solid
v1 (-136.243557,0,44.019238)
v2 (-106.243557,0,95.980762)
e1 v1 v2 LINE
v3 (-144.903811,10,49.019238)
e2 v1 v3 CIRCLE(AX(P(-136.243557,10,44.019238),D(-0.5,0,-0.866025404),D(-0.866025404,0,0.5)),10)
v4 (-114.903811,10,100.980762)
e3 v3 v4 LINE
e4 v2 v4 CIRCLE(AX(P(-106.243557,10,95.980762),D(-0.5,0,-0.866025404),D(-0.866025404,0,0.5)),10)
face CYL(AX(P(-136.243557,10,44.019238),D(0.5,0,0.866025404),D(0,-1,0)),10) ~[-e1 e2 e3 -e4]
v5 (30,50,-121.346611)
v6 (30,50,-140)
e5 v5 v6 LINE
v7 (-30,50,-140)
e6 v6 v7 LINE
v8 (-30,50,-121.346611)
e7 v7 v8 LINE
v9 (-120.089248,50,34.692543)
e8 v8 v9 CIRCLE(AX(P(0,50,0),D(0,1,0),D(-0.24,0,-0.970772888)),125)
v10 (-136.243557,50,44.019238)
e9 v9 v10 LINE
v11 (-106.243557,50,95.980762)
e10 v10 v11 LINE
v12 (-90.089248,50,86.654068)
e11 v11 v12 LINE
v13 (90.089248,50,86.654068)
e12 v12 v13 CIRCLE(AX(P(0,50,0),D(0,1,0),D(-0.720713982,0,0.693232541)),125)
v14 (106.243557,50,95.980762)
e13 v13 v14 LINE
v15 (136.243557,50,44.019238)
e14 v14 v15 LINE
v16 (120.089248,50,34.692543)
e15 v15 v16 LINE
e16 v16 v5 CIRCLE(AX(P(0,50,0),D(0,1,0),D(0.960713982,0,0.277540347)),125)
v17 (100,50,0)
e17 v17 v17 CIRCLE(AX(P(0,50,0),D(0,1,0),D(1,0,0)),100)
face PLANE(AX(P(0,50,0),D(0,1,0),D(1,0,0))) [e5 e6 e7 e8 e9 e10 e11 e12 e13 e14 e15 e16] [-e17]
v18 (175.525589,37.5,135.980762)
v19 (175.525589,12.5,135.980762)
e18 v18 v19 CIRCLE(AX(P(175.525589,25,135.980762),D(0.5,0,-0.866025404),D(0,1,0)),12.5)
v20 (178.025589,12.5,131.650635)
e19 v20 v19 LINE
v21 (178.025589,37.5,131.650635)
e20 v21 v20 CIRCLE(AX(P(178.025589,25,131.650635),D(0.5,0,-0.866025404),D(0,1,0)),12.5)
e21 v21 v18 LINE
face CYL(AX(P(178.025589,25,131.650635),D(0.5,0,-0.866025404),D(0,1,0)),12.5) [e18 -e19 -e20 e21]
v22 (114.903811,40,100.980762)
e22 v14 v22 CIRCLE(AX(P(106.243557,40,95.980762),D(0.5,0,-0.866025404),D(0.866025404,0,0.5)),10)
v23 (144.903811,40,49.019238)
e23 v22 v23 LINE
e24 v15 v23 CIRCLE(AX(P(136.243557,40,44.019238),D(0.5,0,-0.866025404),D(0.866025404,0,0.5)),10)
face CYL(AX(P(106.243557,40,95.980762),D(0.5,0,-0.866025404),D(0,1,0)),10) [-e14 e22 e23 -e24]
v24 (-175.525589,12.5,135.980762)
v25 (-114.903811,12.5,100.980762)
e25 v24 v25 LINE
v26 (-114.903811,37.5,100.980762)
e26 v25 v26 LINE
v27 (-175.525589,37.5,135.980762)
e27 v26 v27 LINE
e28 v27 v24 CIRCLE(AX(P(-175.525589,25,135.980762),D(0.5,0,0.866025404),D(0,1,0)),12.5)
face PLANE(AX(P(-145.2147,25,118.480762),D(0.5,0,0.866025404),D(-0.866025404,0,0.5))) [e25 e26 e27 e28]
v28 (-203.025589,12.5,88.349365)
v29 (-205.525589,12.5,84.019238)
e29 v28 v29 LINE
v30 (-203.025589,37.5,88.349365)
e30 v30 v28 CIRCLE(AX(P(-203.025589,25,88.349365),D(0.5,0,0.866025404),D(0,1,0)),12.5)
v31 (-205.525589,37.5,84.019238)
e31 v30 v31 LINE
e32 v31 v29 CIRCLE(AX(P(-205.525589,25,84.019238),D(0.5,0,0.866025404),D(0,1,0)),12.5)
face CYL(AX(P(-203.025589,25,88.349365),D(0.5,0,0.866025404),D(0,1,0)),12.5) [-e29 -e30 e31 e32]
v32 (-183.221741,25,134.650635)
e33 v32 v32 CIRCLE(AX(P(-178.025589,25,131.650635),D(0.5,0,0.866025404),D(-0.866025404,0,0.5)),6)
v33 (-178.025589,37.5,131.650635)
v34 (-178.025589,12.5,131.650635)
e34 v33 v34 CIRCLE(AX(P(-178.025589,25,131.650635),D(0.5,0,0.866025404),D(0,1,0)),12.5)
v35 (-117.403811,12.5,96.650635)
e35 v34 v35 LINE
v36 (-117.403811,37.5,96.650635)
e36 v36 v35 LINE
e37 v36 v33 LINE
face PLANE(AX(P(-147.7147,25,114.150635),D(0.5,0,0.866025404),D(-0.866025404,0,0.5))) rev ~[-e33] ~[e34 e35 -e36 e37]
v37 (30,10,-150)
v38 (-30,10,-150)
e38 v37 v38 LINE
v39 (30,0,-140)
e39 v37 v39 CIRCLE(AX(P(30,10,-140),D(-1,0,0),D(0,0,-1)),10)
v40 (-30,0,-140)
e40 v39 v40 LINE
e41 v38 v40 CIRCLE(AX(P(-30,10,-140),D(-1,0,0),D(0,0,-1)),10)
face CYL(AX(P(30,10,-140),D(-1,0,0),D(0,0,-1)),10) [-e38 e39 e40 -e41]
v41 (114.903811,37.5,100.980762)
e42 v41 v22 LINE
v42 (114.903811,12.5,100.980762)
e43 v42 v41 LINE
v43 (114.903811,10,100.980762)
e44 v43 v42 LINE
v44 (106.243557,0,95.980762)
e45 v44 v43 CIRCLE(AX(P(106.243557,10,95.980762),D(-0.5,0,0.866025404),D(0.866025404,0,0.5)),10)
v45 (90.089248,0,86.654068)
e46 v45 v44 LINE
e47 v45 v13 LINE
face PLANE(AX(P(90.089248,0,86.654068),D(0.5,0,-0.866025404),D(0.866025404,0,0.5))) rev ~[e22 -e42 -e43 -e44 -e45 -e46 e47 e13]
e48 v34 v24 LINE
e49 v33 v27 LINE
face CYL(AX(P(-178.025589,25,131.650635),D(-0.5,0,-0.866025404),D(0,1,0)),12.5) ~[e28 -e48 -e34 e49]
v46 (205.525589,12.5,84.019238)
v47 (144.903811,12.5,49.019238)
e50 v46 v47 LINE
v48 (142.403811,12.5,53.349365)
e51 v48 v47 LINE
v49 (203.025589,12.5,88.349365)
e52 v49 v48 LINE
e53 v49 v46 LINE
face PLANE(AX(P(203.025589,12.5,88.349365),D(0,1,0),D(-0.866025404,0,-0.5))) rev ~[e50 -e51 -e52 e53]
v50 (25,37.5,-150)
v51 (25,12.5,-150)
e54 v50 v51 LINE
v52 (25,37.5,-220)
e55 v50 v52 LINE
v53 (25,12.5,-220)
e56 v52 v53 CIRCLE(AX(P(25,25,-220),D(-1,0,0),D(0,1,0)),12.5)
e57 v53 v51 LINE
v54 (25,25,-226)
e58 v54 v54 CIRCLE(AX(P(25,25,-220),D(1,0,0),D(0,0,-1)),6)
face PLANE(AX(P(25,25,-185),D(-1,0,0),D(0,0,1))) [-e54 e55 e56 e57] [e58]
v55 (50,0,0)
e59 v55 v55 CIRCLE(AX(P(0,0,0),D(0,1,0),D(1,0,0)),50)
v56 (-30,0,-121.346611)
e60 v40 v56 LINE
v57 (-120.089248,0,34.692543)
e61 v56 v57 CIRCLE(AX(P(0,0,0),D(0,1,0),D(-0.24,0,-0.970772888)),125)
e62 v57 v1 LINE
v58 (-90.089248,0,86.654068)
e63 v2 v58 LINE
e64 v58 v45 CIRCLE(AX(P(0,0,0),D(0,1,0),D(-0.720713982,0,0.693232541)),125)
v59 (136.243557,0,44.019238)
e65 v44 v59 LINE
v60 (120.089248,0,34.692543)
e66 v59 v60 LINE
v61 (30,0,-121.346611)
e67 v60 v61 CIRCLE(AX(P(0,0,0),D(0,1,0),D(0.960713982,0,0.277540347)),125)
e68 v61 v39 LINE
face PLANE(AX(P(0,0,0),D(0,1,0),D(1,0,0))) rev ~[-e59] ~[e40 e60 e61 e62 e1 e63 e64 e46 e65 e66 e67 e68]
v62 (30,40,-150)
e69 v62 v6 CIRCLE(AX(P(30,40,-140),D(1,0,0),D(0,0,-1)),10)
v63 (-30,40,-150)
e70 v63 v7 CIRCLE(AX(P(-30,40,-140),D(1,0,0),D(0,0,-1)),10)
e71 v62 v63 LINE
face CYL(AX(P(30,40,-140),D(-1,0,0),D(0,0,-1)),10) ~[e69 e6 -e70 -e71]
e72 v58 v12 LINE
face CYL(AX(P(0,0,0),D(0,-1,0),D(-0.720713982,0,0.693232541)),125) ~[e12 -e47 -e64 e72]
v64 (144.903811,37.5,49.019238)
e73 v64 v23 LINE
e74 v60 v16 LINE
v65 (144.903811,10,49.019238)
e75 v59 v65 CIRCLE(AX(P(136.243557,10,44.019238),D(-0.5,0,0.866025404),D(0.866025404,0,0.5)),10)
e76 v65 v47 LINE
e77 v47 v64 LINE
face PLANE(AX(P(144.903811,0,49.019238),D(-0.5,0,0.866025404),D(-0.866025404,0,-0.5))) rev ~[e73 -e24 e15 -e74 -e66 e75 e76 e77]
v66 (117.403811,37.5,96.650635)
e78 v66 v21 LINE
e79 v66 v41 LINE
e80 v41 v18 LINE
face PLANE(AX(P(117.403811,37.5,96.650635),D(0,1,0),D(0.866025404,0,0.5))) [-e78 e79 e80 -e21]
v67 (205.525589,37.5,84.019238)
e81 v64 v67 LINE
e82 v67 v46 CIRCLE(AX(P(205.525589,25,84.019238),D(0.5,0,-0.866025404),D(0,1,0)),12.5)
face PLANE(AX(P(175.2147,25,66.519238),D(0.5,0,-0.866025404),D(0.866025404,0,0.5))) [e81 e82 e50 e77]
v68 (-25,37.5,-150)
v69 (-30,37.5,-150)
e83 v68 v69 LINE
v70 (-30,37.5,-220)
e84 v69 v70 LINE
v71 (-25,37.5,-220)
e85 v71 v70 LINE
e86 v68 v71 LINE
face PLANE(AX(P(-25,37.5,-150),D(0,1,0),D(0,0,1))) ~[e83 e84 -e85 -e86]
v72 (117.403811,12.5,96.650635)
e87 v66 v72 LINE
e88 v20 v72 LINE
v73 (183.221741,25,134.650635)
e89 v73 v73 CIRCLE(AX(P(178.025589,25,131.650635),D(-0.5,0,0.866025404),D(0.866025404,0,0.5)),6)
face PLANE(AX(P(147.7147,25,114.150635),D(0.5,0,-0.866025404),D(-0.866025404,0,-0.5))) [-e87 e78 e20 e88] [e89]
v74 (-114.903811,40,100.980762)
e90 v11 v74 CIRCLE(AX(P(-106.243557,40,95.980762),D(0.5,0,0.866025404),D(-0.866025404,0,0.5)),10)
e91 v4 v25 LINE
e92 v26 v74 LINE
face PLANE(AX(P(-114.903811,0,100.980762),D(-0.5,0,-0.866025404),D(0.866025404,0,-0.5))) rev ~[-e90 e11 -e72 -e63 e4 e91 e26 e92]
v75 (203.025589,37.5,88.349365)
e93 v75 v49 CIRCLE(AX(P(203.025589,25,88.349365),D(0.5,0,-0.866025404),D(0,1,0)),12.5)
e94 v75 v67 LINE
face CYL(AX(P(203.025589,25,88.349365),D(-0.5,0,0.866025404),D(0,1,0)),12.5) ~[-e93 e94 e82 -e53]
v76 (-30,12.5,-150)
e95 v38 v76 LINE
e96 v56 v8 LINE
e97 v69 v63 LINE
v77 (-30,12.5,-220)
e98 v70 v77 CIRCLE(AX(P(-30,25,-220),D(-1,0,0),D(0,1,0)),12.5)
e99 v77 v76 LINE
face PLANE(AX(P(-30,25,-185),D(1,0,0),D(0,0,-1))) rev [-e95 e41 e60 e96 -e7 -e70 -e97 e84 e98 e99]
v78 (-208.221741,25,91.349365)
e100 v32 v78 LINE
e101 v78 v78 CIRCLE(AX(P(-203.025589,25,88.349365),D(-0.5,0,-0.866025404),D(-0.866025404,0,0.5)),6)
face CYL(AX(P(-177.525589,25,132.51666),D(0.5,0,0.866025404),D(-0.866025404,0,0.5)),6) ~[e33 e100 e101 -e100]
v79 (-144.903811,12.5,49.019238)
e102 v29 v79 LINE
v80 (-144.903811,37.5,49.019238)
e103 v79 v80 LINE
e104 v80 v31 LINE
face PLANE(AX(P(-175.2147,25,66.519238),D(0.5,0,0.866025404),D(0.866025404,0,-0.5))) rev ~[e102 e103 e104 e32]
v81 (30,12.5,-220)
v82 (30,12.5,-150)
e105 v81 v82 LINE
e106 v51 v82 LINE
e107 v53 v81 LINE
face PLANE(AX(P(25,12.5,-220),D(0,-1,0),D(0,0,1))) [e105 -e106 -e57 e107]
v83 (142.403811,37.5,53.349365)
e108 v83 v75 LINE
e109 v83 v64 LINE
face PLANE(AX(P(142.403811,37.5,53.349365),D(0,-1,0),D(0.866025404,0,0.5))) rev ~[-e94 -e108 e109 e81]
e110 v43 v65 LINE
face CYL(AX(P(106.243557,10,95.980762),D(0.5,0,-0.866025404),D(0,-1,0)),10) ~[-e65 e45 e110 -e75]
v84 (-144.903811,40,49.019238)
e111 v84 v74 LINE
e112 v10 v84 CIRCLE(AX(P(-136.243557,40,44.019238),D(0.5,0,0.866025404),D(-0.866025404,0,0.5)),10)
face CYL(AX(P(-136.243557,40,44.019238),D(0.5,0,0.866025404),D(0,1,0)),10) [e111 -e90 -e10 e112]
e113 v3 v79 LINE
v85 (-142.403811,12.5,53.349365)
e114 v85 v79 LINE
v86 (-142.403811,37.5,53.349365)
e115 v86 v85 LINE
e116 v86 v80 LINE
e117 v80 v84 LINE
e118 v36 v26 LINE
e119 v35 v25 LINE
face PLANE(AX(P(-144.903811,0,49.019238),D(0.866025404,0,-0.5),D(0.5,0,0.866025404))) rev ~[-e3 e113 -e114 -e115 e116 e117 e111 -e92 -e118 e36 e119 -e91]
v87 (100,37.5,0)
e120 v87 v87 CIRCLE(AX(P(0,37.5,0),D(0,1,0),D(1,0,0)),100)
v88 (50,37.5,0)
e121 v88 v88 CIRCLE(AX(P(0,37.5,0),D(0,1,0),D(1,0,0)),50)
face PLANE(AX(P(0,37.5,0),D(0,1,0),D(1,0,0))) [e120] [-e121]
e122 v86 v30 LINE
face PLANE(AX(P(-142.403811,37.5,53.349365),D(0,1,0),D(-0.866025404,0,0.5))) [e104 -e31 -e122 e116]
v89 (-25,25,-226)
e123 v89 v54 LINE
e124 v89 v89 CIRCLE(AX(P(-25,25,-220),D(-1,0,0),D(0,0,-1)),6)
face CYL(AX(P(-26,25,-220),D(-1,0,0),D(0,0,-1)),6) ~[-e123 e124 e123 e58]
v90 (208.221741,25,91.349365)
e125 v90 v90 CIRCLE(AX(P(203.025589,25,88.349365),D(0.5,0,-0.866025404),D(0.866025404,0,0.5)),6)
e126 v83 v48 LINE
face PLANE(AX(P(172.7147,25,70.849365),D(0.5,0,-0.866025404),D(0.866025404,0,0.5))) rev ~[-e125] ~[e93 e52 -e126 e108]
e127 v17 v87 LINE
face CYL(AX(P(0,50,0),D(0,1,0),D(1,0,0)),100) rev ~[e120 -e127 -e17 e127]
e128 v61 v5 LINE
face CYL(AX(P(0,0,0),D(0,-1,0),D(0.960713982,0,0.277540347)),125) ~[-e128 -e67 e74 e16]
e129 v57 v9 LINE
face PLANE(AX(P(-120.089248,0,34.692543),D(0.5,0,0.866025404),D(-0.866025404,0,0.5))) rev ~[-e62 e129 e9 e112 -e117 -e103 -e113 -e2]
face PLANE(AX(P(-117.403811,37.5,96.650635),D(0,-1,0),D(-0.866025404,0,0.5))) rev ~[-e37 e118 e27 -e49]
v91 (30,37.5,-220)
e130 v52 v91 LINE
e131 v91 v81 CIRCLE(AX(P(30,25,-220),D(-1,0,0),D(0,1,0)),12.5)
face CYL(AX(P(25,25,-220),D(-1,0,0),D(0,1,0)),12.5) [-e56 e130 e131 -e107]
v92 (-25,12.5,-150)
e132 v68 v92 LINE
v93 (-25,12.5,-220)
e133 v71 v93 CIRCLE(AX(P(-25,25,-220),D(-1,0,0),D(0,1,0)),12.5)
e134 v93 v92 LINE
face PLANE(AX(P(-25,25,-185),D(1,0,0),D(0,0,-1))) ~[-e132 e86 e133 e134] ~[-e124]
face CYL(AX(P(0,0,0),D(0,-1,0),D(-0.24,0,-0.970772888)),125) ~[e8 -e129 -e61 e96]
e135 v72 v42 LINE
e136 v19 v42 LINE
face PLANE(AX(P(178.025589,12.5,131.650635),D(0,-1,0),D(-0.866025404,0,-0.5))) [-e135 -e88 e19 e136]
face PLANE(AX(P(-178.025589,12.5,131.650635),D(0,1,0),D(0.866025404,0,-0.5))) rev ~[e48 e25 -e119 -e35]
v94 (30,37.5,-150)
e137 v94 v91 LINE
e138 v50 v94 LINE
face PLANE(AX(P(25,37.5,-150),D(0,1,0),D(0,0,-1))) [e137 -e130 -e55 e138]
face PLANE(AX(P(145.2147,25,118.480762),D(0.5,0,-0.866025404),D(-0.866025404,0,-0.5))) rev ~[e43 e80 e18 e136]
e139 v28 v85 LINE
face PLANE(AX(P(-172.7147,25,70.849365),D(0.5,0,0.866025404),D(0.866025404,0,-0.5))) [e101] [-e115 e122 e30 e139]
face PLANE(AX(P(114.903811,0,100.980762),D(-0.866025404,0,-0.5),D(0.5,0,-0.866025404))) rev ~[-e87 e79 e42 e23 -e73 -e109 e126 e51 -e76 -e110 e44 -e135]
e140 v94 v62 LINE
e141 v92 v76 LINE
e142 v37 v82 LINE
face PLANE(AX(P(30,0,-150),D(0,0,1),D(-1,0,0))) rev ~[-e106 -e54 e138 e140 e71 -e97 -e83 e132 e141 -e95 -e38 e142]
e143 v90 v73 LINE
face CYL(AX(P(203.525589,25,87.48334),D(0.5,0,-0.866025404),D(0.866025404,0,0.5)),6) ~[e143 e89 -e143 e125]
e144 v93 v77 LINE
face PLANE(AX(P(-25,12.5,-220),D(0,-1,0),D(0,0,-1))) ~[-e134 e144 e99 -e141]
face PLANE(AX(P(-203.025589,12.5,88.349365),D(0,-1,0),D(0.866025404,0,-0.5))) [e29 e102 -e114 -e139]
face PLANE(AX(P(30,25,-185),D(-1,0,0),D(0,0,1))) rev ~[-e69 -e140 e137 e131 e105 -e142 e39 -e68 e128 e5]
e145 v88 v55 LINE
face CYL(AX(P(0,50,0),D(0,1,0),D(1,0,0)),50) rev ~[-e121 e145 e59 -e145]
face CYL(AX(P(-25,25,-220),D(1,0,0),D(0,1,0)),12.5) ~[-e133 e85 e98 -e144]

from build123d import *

# Parameters (mm, degrees)
BOSS_EXTRUDE1_DEPTH      = 50
SKETCH3_R                = 50
CUT_EXTRUDE1_DEPTH       = 50
BOSS_EXTRUDE2_START      = 25
BOSS_EXTRUDE2_DEPTH      = 5
FILLET1_R                = 10
SKETCH6_R                = 100
CUT_EXTRUDE2_DEPTH       = 12.5
BOSS_EXTRUDE3_START      = -26
SKETCH7_R                = 6
BOSS_EXTRUDE3_DEPTH      = 51
CIRPATTERN1_COUNT        = 3
CIRPATTERN1_START        = 25
CIRPATTERN1_COPY_1_DEPTH = 5
CIRPATTERN1_COPY_2_DEPTH = 5


with BuildPart() as part:
    # Sketch1 → Boss-Extrude1 (new body)
    with BuildSketch(Plane(origin=(0, 0, 0), x_dir=(1, 0, 0), z_dir=(0, 1, 0))):
        with BuildLine():
            Line((0, 150), (-30, 150))
            Line((-30, 150), (-30, 121.346610995))
            ThreePointArc((-30, 121.346610995), (-108.253175473, 62.5), (-120.089247785, -34.692543384))
            Line((-120.089247785, -34.692543384), (-144.903810568, -49.019237886))
            Line((-144.903810568, -49.019237886), (-129.903810568, -75))
            Line((-129.903810568, -75), (-114.903810568, -100.980762114))
            Line((-114.903810568, -100.980762114), (-90.089247785, -86.654067611))
            ThreePointArc((-90.089247785, -86.654067611), (0, -125), (90.089247785, -86.654067611))
            Line((90.089247785, -86.654067611), (114.903810568, -100.980762114))
            Line((114.903810568, -100.980762114), (129.903810568, -75))
            Line((129.903810568, -75), (144.903810568, -49.019237886))
            Line((144.903810568, -49.019237886), (120.089247785, -34.692543384))
            ThreePointArc((120.089247785, -34.692543384), (108.253175473, 62.5), (30, 121.346610995))
            Line((30, 121.346610995), (30, 150))
            Line((30, 150), (0, 150))
        make_face()
    extrude(amount=BOSS_EXTRUDE1_DEPTH)

    # Sketch3 → Cut-Extrude1 (cut)
    with BuildSketch(Plane(origin=(0, 50, 0), x_dir=(1, 0, 0), z_dir=(0, 1, 0))):
        Circle(SKETCH3_R)
    extrude(amount=-CUT_EXTRUDE1_DEPTH, mode=Mode.SUBTRACT)

    # Sketch4 → Boss-Extrude2 (add)
    with BuildSketch(Plane(origin=(0, 0, 0), x_dir=(0, 0, -1), z_dir=(1, 0, 0)).offset(BOSS_EXTRUDE2_START)):
        with BuildLine():
            Line((150, 37.5), (220, 37.5))
            ThreePointArc((220, 37.5), (232.5, 25), (220, 12.5))
            Line((220, 12.5), (150, 12.5))
            ThreePointArc((150, 12.5), (137.5, 25), (150, 37.5))
        make_face()
    boss_extrude2 = extrude(amount=BOSS_EXTRUDE2_DEPTH)

    # Mirror1: Boss-Extrude2 across plane
    add(boss_extrude2.mirror(Plane(origin=(0, 0, 0), x_dir=(0, 0, 1), z_dir=(1, 0, 0))))

    # Fillet1
    fillet1_edges = [part.edges().sort_by_distance(p)[0] for p in [
        (-129.903810568, 50, 75),
        (0, 0, -150),
        (129.903810568, 0, 75),
        (-129.903810568, 0, 75),
        (129.903810568, 50, 75),
        (0, 50, -150),
    ]]
    fillet(fillet1_edges, radius=FILLET1_R)

    # Sketch6 → Cut-Extrude2 (cut)
    with BuildSketch(Plane(origin=(0, 50, 0), x_dir=(1, 0, 0), z_dir=(0, 1, 0))):
        Circle(SKETCH6_R)
    extrude(amount=-CUT_EXTRUDE2_DEPTH, mode=Mode.SUBTRACT)

    # Sketch7 → Boss-Extrude3 (add)
    with BuildSketch(Plane(origin=(0, 0, 0), x_dir=(0, 0, -1), z_dir=(1, 0, 0)).offset(BOSS_EXTRUDE3_START)):
        with Locations((220, 25)):
            Circle(SKETCH7_R)
    boss_extrude3 = extrude(amount=BOSS_EXTRUDE3_DEPTH)

    # CirPattern1: Boss-Extrude3, Boss-Extrude2 ×3 about axis
    cirpattern1_axis = Axis((0, 0, 0), (0, 1, 0))
    for i in range(1, CIRPATTERN1_COUNT):
        add(boss_extrude3.rotate(cirpattern1_axis, i * 360 / CIRPATTERN1_COUNT))
        add(boss_extrude2.rotate(cirpattern1_axis, i * 360 / CIRPATTERN1_COUNT))

    # CirPattern1 copy 1 sketch → CirPattern1 copy 1 (add)
    with BuildSketch(Plane(origin=(0, 0, 0), x_dir=(-0.866025404, 0, 0.5), z_dir=(0.5, 0, 0.866025404)).offset(CIRPATTERN1_START)):
        with BuildLine():
            Line((150, -37.5), (220, -37.5))
            ThreePointArc((220, -37.5), (232.5, -25), (220, -12.5))
            Line((220, -12.5), (150, -12.5))
            ThreePointArc((150, -12.5), (137.5, -25), (150, -37.5))
        make_face()
    extrude(amount=CIRPATTERN1_COPY_1_DEPTH)

    # CirPattern1 copy 2 sketch → CirPattern1 copy 2 (add)
    with BuildSketch(Plane(origin=(0, 0, 0), x_dir=(0.866025404, 0, 0.5), z_dir=(0.5, 0, -0.866025404)).offset(CIRPATTERN1_START)):
        with BuildLine():
            Line((150, -37.5), (220, -37.5))
            ThreePointArc((220, -37.5), (232.5, -25), (220, -12.5))
            Line((220, -12.5), (150, -12.5))
            ThreePointArc((150, -12.5), (137.5, -25), (150, -37.5))
        make_face()
    extrude(amount=CIRPATTERN1_COPY_2_DEPTH)


solid = part.part
